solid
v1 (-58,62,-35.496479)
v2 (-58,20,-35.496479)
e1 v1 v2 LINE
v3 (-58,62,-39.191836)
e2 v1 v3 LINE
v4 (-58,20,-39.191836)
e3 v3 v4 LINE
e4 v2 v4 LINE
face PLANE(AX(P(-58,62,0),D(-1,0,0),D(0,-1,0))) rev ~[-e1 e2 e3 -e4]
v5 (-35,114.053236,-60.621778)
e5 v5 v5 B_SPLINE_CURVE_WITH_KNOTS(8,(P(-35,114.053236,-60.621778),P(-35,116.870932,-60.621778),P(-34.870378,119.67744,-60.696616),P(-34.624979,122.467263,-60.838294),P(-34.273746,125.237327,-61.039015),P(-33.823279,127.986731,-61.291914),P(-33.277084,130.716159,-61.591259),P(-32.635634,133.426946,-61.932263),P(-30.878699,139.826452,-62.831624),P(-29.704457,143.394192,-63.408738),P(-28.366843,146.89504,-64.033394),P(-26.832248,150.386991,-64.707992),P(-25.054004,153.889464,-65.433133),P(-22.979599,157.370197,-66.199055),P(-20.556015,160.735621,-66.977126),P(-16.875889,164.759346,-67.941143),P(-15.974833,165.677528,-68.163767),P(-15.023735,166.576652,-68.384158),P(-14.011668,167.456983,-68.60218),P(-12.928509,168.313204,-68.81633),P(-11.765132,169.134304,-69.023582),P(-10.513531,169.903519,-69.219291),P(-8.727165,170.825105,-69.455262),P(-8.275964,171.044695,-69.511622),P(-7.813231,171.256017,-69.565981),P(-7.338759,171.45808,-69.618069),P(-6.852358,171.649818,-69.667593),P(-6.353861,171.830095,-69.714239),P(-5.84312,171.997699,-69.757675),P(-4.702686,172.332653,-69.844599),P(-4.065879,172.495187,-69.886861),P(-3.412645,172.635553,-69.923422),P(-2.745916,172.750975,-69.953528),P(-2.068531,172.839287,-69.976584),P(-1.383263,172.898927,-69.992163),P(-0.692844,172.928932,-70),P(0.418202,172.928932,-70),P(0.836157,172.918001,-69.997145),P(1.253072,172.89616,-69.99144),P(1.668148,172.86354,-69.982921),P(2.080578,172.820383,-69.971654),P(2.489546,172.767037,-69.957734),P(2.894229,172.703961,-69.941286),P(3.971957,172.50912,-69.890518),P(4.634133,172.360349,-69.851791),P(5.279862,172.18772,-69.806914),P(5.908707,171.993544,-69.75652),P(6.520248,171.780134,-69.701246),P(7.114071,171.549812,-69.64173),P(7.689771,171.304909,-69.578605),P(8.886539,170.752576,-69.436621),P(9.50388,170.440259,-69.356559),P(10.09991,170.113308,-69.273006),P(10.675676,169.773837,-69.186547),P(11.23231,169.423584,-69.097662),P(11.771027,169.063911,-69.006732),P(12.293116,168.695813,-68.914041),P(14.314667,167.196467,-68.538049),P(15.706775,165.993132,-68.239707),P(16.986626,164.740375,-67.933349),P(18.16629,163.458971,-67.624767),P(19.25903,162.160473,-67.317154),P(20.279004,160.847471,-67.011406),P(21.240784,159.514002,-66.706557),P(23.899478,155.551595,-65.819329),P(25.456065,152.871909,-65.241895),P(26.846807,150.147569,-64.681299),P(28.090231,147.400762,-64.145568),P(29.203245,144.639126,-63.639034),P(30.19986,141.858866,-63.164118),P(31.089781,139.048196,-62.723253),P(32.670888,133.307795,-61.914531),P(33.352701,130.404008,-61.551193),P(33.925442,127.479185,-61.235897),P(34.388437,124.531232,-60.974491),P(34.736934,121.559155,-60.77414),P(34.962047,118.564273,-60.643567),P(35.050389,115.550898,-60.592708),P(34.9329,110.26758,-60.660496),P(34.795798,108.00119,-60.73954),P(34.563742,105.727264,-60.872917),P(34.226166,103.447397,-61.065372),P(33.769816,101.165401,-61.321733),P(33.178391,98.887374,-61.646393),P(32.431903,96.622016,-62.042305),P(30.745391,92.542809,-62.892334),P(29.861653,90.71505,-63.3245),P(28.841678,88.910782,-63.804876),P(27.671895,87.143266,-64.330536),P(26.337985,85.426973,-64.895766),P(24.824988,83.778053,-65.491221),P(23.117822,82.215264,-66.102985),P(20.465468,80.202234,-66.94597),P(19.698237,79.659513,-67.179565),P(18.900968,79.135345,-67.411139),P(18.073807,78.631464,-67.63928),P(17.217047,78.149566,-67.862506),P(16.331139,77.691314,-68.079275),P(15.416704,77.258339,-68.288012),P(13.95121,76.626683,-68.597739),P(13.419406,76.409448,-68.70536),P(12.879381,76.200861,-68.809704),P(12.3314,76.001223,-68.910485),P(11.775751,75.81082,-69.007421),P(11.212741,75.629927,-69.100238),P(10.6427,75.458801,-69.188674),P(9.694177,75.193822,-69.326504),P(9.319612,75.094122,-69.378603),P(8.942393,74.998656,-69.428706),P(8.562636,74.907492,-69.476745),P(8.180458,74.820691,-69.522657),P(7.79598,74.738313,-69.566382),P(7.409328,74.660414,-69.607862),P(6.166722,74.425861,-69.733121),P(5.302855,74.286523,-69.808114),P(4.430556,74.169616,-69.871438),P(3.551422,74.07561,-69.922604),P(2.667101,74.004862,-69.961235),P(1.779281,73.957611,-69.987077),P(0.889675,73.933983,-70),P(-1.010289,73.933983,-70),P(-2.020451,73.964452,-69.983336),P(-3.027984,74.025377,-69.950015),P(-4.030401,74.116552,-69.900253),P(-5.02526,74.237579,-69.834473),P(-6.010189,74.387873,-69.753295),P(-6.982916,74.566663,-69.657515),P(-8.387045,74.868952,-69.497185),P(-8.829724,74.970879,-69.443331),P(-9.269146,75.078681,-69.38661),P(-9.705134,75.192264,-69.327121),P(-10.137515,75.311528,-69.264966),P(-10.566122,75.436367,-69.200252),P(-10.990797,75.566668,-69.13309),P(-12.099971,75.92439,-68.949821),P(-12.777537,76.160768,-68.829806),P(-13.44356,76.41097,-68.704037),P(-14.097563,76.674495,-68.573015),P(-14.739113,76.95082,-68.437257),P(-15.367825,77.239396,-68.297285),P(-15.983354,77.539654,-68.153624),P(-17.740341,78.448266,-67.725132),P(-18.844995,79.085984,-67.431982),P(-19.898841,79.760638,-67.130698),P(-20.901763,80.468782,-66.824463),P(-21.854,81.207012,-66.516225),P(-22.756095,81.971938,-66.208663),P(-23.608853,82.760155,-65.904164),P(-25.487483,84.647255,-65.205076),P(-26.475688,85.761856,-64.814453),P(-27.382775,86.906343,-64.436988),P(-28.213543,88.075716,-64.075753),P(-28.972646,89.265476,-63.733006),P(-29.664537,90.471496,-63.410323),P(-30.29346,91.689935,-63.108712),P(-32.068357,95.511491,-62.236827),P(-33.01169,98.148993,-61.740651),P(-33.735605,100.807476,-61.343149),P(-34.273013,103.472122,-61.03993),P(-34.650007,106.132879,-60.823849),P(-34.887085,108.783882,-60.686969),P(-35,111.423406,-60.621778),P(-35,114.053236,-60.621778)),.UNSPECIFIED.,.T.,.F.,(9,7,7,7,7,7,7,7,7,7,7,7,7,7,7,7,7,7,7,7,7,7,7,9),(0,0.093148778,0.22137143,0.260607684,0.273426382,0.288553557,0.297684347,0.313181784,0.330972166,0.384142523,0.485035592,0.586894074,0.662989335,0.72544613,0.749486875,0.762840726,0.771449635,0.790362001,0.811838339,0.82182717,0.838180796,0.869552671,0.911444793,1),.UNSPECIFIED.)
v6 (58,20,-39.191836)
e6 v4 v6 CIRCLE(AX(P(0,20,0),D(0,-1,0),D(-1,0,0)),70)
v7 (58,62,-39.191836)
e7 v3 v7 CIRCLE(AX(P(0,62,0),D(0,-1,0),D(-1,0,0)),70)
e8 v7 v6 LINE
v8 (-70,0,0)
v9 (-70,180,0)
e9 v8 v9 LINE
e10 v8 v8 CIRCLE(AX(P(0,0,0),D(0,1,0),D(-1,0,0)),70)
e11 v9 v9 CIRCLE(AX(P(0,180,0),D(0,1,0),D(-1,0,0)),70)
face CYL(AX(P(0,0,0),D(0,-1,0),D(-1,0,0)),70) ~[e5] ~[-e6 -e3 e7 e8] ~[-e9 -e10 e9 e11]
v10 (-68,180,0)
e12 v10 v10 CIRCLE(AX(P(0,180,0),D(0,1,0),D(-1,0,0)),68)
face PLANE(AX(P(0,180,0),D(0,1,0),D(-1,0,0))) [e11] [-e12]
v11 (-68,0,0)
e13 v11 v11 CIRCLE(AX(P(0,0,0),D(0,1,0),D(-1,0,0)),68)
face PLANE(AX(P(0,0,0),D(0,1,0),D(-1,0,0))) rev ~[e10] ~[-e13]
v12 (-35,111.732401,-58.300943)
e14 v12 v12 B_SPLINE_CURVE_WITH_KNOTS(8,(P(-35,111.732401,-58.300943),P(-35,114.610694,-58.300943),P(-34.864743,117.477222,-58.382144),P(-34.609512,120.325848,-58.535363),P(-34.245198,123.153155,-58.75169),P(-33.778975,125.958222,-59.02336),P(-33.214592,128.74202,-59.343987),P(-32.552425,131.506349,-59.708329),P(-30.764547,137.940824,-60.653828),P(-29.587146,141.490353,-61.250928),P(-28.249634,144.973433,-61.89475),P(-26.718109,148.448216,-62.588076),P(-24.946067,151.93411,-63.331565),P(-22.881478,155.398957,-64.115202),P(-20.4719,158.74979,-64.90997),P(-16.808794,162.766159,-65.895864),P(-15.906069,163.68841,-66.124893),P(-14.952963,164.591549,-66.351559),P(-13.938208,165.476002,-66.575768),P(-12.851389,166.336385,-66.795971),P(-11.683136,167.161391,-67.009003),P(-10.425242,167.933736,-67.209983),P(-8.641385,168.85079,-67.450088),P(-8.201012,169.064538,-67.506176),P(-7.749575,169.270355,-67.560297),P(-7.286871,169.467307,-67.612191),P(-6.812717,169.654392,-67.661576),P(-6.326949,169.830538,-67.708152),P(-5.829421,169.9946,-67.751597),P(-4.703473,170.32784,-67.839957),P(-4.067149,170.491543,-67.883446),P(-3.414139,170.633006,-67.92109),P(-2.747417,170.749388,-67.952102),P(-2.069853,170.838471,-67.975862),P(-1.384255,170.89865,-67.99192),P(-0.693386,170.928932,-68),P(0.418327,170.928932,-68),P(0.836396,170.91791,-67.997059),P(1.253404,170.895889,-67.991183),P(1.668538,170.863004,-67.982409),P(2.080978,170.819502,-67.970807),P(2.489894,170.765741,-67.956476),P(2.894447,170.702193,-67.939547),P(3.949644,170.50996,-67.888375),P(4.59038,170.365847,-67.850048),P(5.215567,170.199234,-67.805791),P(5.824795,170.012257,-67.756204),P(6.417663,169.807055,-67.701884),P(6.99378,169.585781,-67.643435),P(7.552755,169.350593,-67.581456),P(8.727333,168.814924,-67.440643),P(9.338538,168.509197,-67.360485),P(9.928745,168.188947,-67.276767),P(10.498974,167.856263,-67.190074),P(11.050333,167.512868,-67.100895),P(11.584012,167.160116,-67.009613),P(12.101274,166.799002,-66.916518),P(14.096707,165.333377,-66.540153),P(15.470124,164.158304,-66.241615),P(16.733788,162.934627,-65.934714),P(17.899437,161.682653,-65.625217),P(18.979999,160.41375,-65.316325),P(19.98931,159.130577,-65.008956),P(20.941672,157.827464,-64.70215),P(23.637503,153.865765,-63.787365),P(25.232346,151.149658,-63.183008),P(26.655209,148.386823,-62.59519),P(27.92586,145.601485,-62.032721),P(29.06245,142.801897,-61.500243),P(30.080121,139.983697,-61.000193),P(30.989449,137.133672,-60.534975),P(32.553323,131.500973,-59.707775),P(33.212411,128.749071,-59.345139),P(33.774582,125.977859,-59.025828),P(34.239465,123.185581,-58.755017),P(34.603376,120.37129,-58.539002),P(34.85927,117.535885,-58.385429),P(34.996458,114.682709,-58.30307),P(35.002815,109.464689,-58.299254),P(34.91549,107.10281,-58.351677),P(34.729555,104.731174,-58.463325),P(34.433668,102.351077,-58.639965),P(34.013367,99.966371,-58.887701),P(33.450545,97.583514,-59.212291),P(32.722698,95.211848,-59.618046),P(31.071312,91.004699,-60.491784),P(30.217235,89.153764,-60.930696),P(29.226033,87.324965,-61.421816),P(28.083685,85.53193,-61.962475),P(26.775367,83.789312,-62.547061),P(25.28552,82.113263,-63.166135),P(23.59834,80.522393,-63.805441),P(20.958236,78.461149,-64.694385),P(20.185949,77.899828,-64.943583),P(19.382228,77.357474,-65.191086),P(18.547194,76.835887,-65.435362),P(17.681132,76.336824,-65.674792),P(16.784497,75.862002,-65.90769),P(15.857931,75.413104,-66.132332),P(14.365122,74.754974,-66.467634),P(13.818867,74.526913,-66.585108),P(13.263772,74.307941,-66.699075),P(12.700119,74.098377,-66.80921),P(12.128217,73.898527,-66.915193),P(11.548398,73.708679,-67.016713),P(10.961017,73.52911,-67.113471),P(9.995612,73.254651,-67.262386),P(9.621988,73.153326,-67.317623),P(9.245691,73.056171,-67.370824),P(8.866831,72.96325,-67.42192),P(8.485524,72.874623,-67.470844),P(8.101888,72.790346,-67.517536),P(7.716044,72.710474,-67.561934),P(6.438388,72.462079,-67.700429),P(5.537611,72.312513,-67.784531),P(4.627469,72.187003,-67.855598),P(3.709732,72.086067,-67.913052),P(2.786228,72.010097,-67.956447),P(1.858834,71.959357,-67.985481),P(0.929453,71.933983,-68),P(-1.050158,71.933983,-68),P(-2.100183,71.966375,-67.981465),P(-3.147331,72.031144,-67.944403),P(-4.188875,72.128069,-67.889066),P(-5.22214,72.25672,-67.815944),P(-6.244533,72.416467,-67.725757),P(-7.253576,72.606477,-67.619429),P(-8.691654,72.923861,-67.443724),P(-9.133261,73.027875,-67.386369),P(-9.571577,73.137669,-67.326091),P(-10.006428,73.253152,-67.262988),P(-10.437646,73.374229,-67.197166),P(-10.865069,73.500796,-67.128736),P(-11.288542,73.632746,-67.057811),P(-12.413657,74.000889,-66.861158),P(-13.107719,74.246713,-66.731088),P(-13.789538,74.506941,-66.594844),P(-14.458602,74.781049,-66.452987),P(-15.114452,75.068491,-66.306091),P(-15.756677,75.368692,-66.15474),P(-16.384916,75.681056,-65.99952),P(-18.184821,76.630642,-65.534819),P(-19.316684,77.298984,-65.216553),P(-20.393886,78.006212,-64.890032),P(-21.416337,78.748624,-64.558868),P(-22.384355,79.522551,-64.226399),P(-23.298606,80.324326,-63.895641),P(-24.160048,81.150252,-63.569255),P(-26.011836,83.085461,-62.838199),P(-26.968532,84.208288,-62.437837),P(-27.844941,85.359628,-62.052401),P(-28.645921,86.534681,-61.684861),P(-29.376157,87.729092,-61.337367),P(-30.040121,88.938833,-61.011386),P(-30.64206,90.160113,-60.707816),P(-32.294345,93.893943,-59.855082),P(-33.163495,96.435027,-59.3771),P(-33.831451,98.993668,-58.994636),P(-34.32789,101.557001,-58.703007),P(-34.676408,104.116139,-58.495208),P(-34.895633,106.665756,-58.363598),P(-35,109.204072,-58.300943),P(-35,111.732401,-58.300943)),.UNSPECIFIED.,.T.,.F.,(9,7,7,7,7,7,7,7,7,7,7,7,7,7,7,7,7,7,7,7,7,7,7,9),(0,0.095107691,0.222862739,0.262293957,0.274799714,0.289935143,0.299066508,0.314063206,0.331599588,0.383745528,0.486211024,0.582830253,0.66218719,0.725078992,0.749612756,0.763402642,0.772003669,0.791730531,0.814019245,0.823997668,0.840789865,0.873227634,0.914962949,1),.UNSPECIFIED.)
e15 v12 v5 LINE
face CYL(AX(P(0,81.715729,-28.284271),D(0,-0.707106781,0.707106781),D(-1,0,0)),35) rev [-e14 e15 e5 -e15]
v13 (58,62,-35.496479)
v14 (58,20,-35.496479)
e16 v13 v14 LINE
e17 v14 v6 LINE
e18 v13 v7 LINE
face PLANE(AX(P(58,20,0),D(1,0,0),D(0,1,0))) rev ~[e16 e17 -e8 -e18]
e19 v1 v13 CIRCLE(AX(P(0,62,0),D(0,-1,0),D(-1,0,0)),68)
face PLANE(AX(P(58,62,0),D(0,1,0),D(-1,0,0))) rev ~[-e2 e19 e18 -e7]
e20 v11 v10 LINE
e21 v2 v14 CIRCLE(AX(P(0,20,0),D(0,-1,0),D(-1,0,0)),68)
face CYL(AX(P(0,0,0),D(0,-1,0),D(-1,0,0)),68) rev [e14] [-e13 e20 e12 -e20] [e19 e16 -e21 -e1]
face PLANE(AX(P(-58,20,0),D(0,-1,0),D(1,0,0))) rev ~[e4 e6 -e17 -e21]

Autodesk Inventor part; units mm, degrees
ref_plane "YZ Plane" through (0, 0, 0) normal (1, 0, 0) x (0, 1, 0)
ref_plane "XZ Plane" through (0, 0, 0) normal (0, 1, 0) x (-1, 0, 0)
sketch "Sketch1" plane through (0, 0, 0) normal (0, 1, 0) x (-1, 0, 0)
  circle A0 centre (0, 0) radius 68
  circle A1 centre (0, 0) radius 70
  dimension "d0" = 2
  dimension "d1" = 140
extrude "Extrusion1" add sketch "Sketch1" along normal blind 180
sketch "Sketch2" plane through (0, 0, 0) normal (0, 0, 1) x (1, 0, 0)
  line L0 (-58, 20) -> (58, 20)
  line L1 (58, 20) -> (58, 62)
  line L2 (58, 62) -> (-58, 62)
  line L3 (-58, 62) -> (-58, 20)
  line L4 (70, 0) -> (-70, 0) projected
  point P0 (0, 0)
  point P1 (0, 0)
  dimension "d4" = 42
  dimension "d5" = 116
  dimension "d6" = 20
  dimension "d7" = 58
extrude "Extrusion2" cut sketch "Sketch2" against normal through all
sketch "Sketch3" plane through (0, 0, 0) normal (0, 0, 1) x (1, 0, 0)
  line L0 (32.7477, 110) -> (-36.5, 110)
  line L1 (70, 0) -> (-70, 0) projected
  point P0 (0, 0)
  point P1 (-1.8762, 110)
  dimension "d12" = 110
ref_plane "Work Plane1" through (32.7477, 110, 0) normal (0, 0.7071, -0.7071) x (-1, 0, 0)
sketch "Sketch4" plane through (32.7477, 110, 0) normal (0, 0.7071, -0.7071) x (-1, 0, 0)
  circle A0 centre (32.7477, -40) radius 35
  line L0 (0, 0) -> (69.2476, 0) projected
  point P0 (32.7477, -77.7817)
  point P1 (34.6238, 0)
  point P2 (34.6238, 0)
  dimension "d11" = 70
  dimension "d15" = 40
extrude "Extrusion3" cut sketch "Sketch4" along normal through all
properties part number "Outer shaft"
